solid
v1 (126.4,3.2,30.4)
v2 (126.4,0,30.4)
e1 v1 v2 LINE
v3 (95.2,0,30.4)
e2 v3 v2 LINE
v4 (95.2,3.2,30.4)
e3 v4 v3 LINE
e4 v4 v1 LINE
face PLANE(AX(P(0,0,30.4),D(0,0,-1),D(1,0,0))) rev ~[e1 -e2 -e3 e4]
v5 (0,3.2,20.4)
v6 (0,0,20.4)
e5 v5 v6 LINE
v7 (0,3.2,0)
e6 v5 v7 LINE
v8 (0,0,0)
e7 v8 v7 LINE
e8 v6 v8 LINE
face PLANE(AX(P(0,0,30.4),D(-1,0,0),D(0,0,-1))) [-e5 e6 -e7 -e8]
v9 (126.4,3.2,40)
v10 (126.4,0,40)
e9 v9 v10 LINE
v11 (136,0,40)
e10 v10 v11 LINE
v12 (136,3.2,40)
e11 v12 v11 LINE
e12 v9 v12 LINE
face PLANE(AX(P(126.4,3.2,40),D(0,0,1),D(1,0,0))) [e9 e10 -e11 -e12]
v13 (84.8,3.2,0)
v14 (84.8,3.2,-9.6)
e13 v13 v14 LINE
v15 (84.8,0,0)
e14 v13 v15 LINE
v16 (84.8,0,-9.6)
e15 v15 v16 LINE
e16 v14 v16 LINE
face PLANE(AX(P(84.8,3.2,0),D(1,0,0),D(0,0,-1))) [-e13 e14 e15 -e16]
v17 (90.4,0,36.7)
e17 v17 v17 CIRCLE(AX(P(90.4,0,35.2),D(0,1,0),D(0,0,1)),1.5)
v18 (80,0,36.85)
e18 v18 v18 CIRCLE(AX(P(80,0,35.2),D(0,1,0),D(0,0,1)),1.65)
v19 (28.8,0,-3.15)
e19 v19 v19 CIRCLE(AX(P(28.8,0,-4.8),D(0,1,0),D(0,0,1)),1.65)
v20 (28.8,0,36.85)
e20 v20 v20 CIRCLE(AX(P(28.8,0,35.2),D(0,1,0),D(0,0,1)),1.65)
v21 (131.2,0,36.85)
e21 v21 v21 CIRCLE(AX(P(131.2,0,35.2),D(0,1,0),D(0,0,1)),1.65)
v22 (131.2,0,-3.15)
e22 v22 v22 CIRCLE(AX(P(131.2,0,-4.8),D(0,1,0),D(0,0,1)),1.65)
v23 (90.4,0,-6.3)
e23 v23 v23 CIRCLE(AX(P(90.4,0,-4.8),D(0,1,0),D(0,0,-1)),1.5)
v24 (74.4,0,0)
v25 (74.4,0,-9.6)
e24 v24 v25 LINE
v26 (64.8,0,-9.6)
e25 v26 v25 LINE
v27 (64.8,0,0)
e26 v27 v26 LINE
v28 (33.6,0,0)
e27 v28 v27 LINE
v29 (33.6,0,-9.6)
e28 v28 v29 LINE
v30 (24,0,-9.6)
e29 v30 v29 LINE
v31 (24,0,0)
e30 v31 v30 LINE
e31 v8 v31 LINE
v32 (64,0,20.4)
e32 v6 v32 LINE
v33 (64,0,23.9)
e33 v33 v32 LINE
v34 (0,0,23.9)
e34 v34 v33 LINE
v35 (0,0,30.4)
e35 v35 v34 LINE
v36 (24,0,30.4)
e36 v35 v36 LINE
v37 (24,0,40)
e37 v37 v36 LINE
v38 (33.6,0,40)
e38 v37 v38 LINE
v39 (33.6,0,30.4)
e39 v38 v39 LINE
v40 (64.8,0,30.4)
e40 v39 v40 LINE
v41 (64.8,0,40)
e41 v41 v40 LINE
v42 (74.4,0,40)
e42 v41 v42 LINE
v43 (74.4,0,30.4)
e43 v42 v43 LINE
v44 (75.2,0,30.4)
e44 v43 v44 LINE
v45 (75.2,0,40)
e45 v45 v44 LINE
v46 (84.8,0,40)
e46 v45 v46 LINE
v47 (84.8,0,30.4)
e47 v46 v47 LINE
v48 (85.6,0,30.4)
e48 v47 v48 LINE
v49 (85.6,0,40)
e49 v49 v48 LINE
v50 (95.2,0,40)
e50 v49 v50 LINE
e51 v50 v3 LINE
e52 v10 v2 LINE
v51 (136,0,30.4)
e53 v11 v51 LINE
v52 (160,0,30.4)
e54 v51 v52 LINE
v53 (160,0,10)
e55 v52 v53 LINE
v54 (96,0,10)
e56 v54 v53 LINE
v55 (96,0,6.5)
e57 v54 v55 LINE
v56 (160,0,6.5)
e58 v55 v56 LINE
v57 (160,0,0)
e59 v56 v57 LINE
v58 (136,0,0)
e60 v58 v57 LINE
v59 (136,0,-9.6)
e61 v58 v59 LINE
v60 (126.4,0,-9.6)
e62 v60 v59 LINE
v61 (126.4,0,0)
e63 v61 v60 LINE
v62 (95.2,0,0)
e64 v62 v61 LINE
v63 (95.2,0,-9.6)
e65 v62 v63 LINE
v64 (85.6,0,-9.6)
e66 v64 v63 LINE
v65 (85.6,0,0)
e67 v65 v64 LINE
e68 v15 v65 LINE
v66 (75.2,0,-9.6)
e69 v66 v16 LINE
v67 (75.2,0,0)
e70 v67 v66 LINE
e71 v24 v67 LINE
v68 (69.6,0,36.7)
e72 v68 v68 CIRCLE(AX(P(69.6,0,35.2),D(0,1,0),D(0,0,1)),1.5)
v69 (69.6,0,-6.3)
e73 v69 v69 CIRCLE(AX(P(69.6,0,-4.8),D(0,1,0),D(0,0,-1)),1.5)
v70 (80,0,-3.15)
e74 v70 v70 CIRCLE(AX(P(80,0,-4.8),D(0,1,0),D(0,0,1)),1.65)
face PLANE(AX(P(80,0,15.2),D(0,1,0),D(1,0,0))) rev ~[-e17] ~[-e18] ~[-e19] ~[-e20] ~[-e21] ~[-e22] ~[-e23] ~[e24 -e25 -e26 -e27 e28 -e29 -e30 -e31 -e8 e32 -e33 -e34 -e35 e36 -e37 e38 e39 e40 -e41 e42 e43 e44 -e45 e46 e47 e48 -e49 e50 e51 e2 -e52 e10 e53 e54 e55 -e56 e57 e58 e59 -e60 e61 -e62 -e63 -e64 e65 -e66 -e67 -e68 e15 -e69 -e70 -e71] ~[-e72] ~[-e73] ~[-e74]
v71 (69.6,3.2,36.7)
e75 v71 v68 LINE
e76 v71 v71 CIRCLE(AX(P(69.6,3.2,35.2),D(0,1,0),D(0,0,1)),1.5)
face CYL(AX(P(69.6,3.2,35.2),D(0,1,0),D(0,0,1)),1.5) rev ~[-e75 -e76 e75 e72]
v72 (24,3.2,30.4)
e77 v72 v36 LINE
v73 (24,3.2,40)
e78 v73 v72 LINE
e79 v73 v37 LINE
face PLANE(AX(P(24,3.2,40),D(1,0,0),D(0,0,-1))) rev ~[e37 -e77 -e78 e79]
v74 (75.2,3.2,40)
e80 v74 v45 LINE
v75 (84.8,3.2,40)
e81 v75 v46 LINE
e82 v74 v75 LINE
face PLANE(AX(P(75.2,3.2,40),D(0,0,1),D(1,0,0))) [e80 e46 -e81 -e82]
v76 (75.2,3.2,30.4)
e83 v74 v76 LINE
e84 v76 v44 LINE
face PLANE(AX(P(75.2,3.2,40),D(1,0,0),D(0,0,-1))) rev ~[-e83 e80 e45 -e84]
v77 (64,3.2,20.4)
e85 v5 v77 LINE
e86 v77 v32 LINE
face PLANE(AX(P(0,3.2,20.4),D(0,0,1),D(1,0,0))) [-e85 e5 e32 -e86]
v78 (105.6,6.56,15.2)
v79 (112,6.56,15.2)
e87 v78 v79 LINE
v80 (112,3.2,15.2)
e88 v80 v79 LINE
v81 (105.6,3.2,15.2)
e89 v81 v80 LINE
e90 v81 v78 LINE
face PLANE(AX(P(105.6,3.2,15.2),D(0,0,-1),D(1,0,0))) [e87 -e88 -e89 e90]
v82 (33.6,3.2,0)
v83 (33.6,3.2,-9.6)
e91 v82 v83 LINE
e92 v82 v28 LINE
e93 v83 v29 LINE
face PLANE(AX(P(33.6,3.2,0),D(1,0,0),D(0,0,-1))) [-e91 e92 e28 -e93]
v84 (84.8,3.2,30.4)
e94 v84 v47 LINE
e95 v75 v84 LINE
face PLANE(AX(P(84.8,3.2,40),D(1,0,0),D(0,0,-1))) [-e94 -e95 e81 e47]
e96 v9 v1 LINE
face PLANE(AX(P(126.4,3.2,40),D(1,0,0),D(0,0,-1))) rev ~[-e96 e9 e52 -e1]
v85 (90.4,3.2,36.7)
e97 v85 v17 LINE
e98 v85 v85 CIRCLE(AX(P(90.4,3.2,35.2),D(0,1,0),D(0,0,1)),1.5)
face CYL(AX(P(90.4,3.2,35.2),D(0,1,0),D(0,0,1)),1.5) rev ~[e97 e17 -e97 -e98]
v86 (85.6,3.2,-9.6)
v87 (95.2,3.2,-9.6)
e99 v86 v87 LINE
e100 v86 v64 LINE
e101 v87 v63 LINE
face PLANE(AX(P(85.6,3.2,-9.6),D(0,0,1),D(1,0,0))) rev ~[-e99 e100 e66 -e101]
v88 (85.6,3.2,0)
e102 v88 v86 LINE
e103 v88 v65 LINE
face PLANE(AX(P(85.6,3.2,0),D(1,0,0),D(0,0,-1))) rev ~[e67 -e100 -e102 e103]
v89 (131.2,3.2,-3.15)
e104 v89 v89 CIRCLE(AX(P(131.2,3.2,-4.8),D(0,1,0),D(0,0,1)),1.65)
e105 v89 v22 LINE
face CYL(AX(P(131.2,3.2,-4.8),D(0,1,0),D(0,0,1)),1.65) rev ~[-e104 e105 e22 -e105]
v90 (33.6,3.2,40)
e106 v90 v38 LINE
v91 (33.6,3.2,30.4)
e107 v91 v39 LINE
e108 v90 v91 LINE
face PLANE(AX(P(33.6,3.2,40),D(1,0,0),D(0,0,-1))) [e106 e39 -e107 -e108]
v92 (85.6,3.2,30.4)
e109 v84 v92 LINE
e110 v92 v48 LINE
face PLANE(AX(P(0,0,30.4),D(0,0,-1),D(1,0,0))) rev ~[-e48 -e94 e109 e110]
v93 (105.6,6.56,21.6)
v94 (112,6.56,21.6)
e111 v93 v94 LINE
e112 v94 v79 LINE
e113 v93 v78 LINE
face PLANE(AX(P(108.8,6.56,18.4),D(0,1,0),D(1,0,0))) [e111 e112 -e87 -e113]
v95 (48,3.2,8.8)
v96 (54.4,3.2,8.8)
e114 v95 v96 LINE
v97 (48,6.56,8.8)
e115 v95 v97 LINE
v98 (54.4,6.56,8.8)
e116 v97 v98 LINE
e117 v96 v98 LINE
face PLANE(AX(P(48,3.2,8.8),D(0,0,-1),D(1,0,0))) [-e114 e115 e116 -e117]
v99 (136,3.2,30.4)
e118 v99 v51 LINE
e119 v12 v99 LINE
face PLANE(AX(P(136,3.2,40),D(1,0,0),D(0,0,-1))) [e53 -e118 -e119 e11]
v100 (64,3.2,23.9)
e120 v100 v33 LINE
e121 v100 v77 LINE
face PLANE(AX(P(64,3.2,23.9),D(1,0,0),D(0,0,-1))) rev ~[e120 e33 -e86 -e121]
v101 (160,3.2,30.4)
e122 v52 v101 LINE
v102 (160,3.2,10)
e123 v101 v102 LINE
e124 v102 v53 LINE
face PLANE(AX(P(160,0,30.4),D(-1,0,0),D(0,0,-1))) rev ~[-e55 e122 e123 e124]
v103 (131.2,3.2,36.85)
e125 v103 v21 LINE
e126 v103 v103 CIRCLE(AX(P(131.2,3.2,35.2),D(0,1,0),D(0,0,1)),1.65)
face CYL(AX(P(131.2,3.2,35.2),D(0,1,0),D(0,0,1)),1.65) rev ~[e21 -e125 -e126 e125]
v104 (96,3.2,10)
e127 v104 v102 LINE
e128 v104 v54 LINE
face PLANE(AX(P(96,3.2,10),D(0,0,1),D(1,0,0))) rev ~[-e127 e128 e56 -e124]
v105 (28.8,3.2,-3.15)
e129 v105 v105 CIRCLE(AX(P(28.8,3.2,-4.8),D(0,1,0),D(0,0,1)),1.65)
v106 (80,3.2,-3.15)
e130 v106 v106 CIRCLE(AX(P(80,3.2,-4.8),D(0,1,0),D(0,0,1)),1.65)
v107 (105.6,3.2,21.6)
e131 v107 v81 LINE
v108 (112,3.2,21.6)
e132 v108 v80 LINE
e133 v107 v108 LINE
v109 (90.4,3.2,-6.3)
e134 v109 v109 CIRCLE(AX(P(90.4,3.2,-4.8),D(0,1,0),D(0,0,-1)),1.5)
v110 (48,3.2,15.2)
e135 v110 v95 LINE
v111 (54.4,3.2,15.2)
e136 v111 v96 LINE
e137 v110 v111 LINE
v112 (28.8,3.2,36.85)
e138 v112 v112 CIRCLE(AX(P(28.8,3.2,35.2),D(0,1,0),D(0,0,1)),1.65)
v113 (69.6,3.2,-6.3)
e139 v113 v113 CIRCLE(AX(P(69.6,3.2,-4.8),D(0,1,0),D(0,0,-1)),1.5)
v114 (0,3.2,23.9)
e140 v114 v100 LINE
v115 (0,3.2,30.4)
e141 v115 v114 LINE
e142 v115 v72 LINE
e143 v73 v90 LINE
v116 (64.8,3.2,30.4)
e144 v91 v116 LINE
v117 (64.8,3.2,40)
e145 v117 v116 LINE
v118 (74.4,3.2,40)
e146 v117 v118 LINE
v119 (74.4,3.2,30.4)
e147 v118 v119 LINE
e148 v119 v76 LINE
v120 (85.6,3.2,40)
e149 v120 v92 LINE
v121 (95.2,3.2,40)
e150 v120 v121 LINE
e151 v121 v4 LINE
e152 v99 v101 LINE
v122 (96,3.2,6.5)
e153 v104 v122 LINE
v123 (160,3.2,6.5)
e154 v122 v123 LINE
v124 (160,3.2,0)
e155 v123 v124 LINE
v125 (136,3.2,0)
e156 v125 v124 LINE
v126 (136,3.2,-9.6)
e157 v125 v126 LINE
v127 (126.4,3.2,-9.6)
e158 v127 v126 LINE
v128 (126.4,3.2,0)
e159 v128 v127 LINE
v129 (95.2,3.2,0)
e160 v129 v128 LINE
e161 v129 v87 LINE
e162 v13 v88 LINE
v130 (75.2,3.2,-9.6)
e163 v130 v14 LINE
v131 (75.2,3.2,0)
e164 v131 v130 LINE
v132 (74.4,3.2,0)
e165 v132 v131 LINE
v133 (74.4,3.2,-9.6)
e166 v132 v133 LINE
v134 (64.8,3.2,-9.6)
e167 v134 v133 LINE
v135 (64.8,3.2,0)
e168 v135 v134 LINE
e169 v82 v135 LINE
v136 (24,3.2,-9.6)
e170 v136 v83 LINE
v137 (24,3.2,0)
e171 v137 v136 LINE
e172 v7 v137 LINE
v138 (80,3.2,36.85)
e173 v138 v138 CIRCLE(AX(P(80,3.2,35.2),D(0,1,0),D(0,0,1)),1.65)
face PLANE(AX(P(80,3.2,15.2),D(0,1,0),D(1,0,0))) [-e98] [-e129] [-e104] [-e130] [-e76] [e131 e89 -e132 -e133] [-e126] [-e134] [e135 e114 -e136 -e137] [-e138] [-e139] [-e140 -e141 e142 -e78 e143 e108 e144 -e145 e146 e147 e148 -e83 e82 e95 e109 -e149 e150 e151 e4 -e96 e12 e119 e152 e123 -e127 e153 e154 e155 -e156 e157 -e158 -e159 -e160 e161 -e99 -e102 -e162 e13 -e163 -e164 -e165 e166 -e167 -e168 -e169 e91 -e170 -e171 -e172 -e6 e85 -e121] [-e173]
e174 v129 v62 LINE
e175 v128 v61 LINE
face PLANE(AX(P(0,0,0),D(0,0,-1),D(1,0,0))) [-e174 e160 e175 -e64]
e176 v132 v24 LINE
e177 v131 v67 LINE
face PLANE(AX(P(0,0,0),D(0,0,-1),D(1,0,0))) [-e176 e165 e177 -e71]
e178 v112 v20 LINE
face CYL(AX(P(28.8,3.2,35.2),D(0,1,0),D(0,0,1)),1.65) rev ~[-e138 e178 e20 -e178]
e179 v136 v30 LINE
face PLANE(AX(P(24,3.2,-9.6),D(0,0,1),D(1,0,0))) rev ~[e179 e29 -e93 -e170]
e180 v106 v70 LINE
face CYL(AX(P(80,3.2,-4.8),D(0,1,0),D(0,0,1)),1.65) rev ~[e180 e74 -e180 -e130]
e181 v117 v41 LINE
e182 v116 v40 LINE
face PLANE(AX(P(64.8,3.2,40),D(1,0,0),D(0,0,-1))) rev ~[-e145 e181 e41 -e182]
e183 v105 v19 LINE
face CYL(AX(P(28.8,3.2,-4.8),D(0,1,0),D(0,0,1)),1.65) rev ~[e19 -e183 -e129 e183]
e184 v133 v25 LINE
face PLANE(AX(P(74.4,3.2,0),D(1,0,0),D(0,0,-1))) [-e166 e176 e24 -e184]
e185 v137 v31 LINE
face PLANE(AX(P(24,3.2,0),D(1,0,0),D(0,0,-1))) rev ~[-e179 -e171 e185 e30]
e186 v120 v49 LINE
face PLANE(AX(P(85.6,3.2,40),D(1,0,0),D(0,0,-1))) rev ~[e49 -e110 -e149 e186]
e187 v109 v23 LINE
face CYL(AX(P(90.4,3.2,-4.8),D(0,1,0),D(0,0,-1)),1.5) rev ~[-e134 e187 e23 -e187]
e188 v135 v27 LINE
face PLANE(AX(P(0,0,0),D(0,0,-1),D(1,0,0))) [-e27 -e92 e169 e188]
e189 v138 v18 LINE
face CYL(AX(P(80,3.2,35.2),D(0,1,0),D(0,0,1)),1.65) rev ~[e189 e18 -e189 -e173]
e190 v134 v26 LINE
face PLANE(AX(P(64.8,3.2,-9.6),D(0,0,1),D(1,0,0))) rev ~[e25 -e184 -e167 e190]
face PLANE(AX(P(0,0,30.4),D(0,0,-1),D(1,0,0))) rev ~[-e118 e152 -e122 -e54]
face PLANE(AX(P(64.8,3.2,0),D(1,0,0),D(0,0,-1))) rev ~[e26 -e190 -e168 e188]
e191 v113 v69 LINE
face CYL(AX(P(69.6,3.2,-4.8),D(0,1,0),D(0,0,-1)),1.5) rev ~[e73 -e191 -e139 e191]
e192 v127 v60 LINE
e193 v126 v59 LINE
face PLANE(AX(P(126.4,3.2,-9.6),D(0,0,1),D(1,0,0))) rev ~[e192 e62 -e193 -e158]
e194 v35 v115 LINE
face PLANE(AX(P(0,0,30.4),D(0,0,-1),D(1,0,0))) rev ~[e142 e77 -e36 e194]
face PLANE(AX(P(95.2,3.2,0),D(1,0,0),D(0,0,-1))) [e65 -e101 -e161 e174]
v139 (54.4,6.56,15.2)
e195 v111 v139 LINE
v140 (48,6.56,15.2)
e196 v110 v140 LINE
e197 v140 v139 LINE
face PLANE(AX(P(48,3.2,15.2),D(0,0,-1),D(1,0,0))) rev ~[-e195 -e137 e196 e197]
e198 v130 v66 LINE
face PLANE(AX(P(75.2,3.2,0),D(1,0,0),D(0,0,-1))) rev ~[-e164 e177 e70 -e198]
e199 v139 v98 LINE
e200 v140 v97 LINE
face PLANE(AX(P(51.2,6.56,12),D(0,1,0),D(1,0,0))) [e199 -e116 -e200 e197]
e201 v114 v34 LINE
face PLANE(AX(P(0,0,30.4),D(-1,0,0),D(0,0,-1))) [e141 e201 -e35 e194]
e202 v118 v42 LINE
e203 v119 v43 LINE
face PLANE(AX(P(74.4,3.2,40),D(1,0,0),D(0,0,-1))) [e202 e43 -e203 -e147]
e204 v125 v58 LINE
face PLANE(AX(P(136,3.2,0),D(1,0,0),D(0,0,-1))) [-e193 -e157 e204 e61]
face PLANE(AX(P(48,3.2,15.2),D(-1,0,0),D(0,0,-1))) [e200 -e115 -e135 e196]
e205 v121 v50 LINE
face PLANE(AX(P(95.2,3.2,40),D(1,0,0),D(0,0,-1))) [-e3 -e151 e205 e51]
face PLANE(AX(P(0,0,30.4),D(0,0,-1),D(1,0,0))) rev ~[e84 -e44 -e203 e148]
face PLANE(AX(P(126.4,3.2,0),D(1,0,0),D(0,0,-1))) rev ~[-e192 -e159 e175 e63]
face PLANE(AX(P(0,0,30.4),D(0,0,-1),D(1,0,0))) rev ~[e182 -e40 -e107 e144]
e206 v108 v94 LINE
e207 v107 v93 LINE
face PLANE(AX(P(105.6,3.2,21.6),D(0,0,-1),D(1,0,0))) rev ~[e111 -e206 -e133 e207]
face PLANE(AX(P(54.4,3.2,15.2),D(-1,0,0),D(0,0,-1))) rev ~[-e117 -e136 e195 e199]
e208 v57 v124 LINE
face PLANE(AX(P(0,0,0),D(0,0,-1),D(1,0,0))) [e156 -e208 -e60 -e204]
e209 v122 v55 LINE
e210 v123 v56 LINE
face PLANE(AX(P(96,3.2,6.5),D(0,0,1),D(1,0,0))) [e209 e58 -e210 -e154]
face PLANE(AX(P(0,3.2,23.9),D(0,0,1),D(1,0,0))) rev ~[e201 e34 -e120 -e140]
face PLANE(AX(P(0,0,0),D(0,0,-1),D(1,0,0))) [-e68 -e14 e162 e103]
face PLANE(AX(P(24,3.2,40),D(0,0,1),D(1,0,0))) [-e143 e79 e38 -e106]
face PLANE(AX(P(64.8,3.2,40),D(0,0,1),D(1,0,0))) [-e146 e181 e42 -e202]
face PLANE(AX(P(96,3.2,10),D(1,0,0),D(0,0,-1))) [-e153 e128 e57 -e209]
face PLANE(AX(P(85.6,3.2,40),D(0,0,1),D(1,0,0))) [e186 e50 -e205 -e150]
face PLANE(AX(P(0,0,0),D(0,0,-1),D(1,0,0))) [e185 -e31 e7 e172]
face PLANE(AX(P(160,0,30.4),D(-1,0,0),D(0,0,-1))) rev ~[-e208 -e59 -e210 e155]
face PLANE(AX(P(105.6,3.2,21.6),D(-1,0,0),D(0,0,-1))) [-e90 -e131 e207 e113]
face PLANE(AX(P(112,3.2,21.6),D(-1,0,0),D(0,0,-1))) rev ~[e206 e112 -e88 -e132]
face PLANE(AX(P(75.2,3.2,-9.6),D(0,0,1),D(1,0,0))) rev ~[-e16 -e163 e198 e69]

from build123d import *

# Parameters (mm, degrees)
SKETCH1_W           = 160
SKETCH1_H           = 30.4
BOSS_EXTRUDE1_DEPTH = 3.2
SKETCH2_W           = 9.6
SKETCH2_H           = 9.6
SKETCH2_R           = 1.65
BOSS_EXTRUDE2_DEPTH = 3.2
SKETCH3_W           = 64
SKETCH3_H           = 3.5
CUT_EXTRUDE1_DEPTH  = 165.955266663
SKETCH4_W           = 9.6
SKETCH4_H           = 9.6
SKETCH4_R           = 1.5
BOSS_EXTRUDE3_DEPTH = 3.2
SKETCH5_W           = 6.4
SKETCH5_H           = 6.4
BOSS_EXTRUDE4_DEPTH = 3.36


with BuildPart() as part:
    # Sketch1 → Boss-Extrude1 (new body)
    with BuildSketch(Plane(origin=(0, 0, 0), x_dir=(1, 0, 0), z_dir=(0, 1, 0))):
        with Locations((80, -15.2)):
            Rectangle(SKETCH1_W, SKETCH1_H)
    extrude(amount=BOSS_EXTRUDE1_DEPTH)

    # Sketch2 → Boss-Extrude2 (add)
    # profile 1 of 6: a face of its own
    with BuildSketch(Plane(origin=(0, 3.2, 0), x_dir=(1, 0, 0), z_dir=(0, 1, 0))):
        with Locations((28.8, -35.2)):
            Rectangle(SKETCH2_W, SKETCH2_H)
        with Locations(Location((28.8, -35.2, 0), (0, 0, 270))):
            Circle(SKETCH2_R, mode=Mode.SUBTRACT)
    # profile 2 of 6: a face of its own
    with BuildSketch(Plane(origin=(0, 3.2, 0), x_dir=(1, 0, 0), z_dir=(0, 1, 0))):
        with Locations((80, -35.2)):
            Rectangle(SKETCH2_W, SKETCH2_H)
        with Locations(Location((80, -35.2, 0), (0, 0, 270))):
            Circle(SKETCH2_R, mode=Mode.SUBTRACT)
    # profile 3 of 6: a face of its own
    with BuildSketch(Plane(origin=(0, 3.2, 0), x_dir=(1, 0, 0), z_dir=(0, 1, 0))):
        with Locations((131.2, -35.2)):
            Rectangle(SKETCH2_W, SKETCH2_H)
        with Locations(Location((131.2, -35.2, 0), (0, 0, 270))):
            Circle(SKETCH2_R, mode=Mode.SUBTRACT)
    # profile 4 of 6: a face of its own
    with BuildSketch(Plane(origin=(0, 3.2, 0), x_dir=(1, 0, 0), z_dir=(0, 1, 0))):
        with Locations((80, 4.8)):
            Rectangle(SKETCH2_W, SKETCH2_H)
        with Locations(Location((80, 4.8, 0), (0, 0, 270))):
            Circle(SKETCH2_R, mode=Mode.SUBTRACT)
    # profile 5 of 6: a face of its own
    with BuildSketch(Plane(origin=(0, 3.2, 0), x_dir=(1, 0, 0), z_dir=(0, 1, 0))):
        with Locations((131.2, 4.8)):
            Rectangle(SKETCH2_W, SKETCH2_H)
        with Locations(Location((131.2, 4.8, 0), (0, 0, 270))):
            Circle(SKETCH2_R, mode=Mode.SUBTRACT)
    # profile 6 of 6: a face of its own
    with BuildSketch(Plane(origin=(0, 3.2, 0), x_dir=(1, 0, 0), z_dir=(0, 1, 0))):
        with Locations((28.8, 4.8)):
            Rectangle(SKETCH2_W, SKETCH2_H)
        with Locations(Location((28.8, 4.8, 0), (0, 0, 270))):
            Circle(SKETCH2_R, mode=Mode.SUBTRACT)
    extrude(amount=-BOSS_EXTRUDE2_DEPTH)

    # Sketch3 → Cut-Extrude1 (cut, through all)
    with BuildSketch(Plane(origin=(0, 3.2, 0), x_dir=(1, 0, 0), z_dir=(0, 1, 0))):
        with Locations((32, -22.15)):
            Rectangle(SKETCH3_W, SKETCH3_H)
        with Locations((128, -8.25)):
            Rectangle(SKETCH3_W, SKETCH3_H)
    extrude(amount=-CUT_EXTRUDE1_DEPTH, mode=Mode.SUBTRACT)

    # Sketch4 → Boss-Extrude3 (add)
    # profile 1 of 4: a face of its own
    with BuildSketch(Plane(origin=(0, 3.2, 0), x_dir=(1, 0, 0), z_dir=(0, 1, 0))):
        with Locations((69.6, -35.2)):
            Rectangle(SKETCH4_W, SKETCH4_H)
        with Locations(Location((69.6, -35.2, 0), (0, 0, 270))):
            Circle(SKETCH4_R, mode=Mode.SUBTRACT)
    # profile 2 of 4: a face of its own
    with BuildSketch(Plane(origin=(0, 3.2, 0), x_dir=(1, 0, 0), z_dir=(0, 1, 0))):
        with Locations((90.4, -35.2)):
            Rectangle(SKETCH4_W, SKETCH4_H)
        with Locations(Location((90.4, -35.2, 0), (0, 0, 270))):
            Circle(SKETCH4_R, mode=Mode.SUBTRACT)
    # profile 3 of 4: a face of its own
    with BuildSketch(Plane(origin=(0, 3.2, 0), x_dir=(1, 0, 0), z_dir=(0, 1, 0))):
        with Locations((90.4, 4.8)):
            Rectangle(SKETCH4_W, SKETCH4_H)
        with Locations(Location((90.4, 4.8, 0), (0, 0, 90))):
            Circle(SKETCH4_R, mode=Mode.SUBTRACT)
    # profile 4 of 4: a face of its own
    with BuildSketch(Plane(origin=(0, 3.2, 0), x_dir=(1, 0, 0), z_dir=(0, 1, 0))):
        with Locations((69.6, 4.8)):
            Rectangle(SKETCH4_W, SKETCH4_H)
        with Locations(Location((69.6, 4.8, 0), (0, 0, 90))):
            Circle(SKETCH4_R, mode=Mode.SUBTRACT)
    extrude(amount=-BOSS_EXTRUDE3_DEPTH)

    # Sketch5 → Boss-Extrude4 (add)
    with BuildSketch(Plane(origin=(0, 3.2, 0), x_dir=(1, 0, 0), z_dir=(0, 1, 0))):
        with Locations((51.2, -12)):
            Rectangle(SKETCH5_W, SKETCH5_H)
        with Locations((108.8, -18.4)):
            Rectangle(SKETCH5_W, SKETCH5_H)
    extrude(amount=BOSS_EXTRUDE4_DEPTH)


solid = part.part
